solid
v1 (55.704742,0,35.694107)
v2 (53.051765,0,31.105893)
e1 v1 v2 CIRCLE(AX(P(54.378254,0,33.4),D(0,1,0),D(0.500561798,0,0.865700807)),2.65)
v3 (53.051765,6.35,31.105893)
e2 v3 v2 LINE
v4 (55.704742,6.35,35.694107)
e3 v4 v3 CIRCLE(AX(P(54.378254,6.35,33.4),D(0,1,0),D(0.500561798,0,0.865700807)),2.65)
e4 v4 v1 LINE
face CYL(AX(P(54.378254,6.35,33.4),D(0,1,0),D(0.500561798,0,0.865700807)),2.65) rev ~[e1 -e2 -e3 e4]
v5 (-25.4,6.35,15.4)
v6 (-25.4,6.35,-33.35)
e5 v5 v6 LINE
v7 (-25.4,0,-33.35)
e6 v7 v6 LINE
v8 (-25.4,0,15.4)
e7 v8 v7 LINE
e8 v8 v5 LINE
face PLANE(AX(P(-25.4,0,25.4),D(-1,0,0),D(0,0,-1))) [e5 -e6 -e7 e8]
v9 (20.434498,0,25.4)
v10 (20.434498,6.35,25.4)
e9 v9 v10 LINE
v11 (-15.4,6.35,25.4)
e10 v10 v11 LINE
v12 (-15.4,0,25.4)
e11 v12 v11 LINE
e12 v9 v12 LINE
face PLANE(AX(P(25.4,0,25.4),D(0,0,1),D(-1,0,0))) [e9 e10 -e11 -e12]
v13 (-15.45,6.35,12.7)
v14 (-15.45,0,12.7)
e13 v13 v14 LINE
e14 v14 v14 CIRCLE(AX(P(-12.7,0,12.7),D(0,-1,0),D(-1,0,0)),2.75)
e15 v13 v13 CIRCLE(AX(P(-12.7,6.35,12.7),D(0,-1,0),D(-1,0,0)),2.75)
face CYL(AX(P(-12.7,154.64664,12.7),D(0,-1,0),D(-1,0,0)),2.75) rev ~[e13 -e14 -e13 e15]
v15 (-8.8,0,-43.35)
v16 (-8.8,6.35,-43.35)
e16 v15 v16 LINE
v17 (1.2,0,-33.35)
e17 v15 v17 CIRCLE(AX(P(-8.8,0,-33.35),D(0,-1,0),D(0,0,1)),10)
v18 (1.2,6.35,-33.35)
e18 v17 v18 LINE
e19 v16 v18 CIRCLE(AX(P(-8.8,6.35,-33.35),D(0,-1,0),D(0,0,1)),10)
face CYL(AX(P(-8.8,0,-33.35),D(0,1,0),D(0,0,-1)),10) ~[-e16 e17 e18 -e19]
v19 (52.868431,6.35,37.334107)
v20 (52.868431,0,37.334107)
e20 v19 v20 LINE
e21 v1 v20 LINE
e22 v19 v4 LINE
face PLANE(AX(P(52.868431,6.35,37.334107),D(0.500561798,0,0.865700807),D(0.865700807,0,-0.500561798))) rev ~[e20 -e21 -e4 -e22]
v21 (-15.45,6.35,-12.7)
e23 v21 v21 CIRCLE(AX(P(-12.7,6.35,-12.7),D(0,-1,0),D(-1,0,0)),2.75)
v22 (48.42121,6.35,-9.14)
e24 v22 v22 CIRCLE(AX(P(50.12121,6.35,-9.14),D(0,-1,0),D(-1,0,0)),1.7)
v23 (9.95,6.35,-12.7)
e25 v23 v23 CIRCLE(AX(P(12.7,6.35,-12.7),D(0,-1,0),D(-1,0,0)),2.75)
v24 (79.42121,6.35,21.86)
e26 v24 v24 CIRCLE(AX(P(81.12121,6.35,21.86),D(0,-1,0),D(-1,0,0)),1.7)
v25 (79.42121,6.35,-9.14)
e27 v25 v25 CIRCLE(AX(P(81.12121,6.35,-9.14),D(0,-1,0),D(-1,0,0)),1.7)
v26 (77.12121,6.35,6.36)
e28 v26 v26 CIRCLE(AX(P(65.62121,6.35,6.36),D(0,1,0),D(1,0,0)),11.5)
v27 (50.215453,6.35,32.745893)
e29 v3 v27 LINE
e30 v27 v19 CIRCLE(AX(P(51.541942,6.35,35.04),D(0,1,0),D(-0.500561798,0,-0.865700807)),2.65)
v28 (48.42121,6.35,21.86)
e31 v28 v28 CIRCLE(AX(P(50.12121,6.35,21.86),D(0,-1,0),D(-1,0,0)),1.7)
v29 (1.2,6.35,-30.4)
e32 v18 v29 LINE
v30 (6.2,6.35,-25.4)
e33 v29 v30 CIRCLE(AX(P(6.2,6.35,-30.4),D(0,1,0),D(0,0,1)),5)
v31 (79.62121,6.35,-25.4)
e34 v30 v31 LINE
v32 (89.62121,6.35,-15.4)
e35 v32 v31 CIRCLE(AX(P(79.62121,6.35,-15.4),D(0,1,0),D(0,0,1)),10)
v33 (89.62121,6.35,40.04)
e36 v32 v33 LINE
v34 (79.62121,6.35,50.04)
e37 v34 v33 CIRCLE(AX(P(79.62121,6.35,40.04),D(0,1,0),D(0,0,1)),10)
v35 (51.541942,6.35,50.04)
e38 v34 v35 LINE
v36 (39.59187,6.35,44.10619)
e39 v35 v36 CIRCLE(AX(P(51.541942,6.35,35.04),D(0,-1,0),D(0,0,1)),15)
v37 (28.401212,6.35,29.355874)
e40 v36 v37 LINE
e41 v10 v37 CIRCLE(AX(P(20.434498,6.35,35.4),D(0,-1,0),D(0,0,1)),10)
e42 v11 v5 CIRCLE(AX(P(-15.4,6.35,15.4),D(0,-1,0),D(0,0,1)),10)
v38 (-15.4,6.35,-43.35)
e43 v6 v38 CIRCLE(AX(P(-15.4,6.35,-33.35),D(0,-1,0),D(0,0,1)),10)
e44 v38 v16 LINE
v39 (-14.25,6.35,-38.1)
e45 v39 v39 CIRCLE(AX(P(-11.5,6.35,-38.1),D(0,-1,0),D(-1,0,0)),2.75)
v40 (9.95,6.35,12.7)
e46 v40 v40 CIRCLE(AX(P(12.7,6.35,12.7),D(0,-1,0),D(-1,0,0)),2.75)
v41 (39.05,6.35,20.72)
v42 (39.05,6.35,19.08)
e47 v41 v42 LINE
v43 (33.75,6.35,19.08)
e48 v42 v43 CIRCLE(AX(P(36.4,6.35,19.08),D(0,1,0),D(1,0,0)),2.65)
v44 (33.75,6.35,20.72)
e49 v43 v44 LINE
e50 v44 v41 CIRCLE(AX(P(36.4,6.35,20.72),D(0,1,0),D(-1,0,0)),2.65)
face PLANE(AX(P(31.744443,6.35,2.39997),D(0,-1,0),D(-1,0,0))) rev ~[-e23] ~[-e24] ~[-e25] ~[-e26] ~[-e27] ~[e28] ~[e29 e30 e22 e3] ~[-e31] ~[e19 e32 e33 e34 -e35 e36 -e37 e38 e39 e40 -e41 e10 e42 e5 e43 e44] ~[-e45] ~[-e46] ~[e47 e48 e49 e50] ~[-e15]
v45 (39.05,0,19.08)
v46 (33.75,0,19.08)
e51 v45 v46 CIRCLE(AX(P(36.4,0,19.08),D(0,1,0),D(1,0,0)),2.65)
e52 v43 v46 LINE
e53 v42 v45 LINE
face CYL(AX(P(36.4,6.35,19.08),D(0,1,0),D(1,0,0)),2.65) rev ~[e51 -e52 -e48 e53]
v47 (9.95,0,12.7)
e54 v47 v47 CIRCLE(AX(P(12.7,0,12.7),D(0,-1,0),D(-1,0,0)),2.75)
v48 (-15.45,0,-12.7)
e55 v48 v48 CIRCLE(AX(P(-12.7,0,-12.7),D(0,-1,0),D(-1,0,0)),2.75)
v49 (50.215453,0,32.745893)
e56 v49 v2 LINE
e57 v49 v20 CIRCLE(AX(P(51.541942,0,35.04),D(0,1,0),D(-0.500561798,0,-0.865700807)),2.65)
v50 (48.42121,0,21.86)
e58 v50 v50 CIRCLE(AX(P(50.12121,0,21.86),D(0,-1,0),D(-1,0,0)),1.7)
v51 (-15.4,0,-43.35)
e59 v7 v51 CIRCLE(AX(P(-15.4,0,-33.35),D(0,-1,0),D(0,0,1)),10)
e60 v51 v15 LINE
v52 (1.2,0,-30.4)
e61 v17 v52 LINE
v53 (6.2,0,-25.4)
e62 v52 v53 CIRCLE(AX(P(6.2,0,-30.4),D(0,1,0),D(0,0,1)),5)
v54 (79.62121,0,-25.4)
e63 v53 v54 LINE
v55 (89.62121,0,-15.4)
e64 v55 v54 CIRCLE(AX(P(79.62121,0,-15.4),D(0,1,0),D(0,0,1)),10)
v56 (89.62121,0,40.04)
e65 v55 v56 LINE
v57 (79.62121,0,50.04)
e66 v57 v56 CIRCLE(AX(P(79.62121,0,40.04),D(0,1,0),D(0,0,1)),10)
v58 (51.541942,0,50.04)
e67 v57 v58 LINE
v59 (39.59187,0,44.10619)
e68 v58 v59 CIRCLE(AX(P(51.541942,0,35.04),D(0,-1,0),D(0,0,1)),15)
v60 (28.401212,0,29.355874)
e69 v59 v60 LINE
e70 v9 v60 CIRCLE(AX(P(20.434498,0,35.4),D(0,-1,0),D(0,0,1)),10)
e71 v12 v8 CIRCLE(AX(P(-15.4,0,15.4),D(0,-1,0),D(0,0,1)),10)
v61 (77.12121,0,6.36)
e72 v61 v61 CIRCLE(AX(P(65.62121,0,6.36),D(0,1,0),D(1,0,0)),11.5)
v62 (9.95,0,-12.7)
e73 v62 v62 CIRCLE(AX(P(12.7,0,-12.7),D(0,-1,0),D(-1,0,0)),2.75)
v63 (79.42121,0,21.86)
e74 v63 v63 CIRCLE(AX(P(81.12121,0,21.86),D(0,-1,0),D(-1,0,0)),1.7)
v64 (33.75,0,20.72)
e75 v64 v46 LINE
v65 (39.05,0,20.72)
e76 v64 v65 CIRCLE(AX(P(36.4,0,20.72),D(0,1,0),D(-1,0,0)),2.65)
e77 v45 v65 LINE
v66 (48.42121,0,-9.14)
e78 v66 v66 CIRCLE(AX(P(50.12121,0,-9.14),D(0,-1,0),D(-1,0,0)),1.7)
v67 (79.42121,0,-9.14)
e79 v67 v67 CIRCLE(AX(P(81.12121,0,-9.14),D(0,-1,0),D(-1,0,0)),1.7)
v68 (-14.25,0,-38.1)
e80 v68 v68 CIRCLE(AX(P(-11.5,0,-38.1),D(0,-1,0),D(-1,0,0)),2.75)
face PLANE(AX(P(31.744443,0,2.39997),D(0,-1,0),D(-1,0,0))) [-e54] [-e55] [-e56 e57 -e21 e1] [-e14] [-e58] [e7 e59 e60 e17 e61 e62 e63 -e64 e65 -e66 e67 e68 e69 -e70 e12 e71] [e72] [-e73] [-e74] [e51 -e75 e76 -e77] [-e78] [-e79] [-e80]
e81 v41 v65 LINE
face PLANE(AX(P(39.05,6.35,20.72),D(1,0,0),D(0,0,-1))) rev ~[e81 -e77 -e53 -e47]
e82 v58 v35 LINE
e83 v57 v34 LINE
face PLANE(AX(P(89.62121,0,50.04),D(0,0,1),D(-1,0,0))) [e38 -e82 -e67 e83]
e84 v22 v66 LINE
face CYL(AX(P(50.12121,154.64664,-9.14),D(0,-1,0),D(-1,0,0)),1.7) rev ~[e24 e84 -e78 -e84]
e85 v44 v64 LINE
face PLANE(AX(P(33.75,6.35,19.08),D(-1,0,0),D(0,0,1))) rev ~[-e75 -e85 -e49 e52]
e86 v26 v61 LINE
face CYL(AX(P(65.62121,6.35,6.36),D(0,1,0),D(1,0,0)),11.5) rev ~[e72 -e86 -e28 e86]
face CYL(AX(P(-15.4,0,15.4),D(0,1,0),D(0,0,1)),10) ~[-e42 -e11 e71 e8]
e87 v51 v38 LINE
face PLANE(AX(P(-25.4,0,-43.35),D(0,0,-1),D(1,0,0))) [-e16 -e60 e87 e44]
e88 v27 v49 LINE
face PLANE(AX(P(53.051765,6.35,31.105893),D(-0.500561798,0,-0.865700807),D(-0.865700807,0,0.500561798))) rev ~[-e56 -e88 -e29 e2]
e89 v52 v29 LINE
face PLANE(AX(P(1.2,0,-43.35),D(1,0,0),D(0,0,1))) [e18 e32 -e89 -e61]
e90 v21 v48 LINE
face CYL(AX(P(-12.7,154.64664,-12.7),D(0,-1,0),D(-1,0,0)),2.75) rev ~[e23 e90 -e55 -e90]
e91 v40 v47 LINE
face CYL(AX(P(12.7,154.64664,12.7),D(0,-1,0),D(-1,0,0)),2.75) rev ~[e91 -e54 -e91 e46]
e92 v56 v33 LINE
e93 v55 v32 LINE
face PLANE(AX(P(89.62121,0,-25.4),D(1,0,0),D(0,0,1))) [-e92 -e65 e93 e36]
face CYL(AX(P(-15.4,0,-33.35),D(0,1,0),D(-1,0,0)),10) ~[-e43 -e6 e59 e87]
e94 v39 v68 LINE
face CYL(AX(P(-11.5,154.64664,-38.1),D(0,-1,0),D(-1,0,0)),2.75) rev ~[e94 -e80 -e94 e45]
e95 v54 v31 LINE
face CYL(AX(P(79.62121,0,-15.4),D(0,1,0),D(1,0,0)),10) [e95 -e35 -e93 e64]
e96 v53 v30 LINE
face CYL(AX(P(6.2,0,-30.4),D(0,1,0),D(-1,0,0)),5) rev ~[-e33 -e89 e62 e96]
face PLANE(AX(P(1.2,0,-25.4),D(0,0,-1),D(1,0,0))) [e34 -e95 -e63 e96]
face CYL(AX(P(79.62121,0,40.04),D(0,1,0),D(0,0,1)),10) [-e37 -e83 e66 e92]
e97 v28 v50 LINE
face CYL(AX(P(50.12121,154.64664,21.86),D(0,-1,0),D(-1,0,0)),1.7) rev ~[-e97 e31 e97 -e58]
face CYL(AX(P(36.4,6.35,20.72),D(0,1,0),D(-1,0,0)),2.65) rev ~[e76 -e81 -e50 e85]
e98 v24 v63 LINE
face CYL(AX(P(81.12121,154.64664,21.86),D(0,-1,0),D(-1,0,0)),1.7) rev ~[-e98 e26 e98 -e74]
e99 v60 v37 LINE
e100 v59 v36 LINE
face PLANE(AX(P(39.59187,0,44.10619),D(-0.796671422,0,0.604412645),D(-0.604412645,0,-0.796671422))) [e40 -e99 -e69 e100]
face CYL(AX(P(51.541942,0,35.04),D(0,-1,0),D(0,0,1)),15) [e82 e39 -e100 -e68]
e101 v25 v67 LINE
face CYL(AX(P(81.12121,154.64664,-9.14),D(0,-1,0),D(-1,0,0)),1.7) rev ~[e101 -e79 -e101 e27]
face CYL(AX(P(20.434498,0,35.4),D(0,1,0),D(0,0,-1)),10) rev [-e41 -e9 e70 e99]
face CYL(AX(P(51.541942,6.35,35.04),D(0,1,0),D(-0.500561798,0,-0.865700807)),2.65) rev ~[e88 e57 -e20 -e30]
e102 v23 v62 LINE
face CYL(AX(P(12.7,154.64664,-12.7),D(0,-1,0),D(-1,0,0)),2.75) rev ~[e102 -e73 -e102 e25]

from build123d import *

# Parameters (mm, degrees)
BOSS_EXTRUDE1_DEPTH  = 6.35
M5_CLEARANCE_HOLE1_D = 5.5
CUT_EXTRUDE2_DEPTH   = 7.35
FILLET1_R            = 10
M3_CLEARANCE_HOLE1_D = 3.4
SKETCH10_R           = 11.5
CUT_EXTRUDE3_DEPTH   = 7.35
FILLET2_R            = 5


with BuildPart() as part:
    # Sketch1 → Boss-Extrude1 (new body)
    with BuildSketch(Plane(origin=(0, 0, 0), x_dir=(1, 0, 0), z_dir=(0, 1, 0))):
        with BuildLine():
            Line((25.4, -25.4), (-25.4, -25.4))
            Line((-25.4, -25.4), (-25.4, 25.4))
            Line((-25.4, 25.4), (-25.4, 43.35))
            Line((-25.4, 43.35), (1.2, 43.35))
            Line((1.2, 43.35), (1.2, 25.4))
            Line((1.2, 25.4), (25.4, 25.4))
            Line((25.4, 25.4), (89.621209859, 25.4))
            Line((89.621209859, 25.4), (89.621209859, -50.04))
            Line((89.621209859, -50.04), (51.541941751, -50.04))
            ThreePointArc((51.541941751, -50.04), (44.870841587, -48.474895705), (39.591870426, -44.10618968))
            Line((39.591870426, -44.10618968), (25.4, -25.4))
        make_face()
    extrude(amount=BOSS_EXTRUDE1_DEPTH)

    # M5 Clearance Hole1 (through all)
    with Locations(Plane(origin=(0, 6.35, 0), x_dir=(1, 0, 0), z_dir=(0, 1, 0))):
        with Locations((-12.7, 12.7), (12.7, 12.7), (12.7, -12.7), (-12.7, -12.7), (-11.5, 38.1)):
            Hole(M5_CLEARANCE_HOLE1_D / 2)

    # Sketch7 → Cut-Extrude2 (cut, through all)
    with BuildSketch(Plane(origin=(0, 6.35, 0), x_dir=(1, 0, 0), z_dir=(0, 1, 0))):
        with BuildLine():
            Line((53.051764766, -31.105892862), (50.215452987, -32.745892862))
            ThreePointArc((50.215452987, -32.745892862), (49.247834614, -36.366488764), (52.868430515, -37.334107138))
            Line((52.868430515, -37.334107138), (55.704742294, -35.694107138))
            ThreePointArc((55.704742294, -35.694107138), (56.672360668, -32.073511236), (53.051764766, -31.105892862))
        make_face()
        with BuildLine():
            Line((33.75, -19.08), (33.75, -20.72))
            ThreePointArc((33.75, -20.72), (36.4, -23.37), (39.05, -20.72))
            Line((39.05, -20.72), (39.05, -19.08))
            ThreePointArc((39.05, -19.08), (36.4, -16.43), (33.75, -19.08))
        make_face()
    extrude(amount=-CUT_EXTRUDE2_DEPTH, mode=Mode.SUBTRACT)

    # Fillet1
    fillet1_edges = [part.edges().sort_by_distance(p)[0] for p in [
        (-25.4, 3.175, -43.35),
        (1.2, 3.175, -43.35),
        (89.621209859, 3.175, -25.4),
        (89.621209859, 3.175, 50.04),
        (25.4, 3.175, 25.4),
        (-25.4, 3.175, 25.4),
    ]]
    fillet(fillet1_edges, radius=FILLET1_R)

    # M3 Clearance Hole1 (through all)
    with Locations(Plane(origin=(0, 6.35, 0), x_dir=(1, 0, 0), z_dir=(0, 1, 0))):
        with Locations((50.121209859, 9.14), (81.121209859, 9.14), (81.121209859, -21.86), (50.121209859, -21.86)):
            Hole(M3_CLEARANCE_HOLE1_D / 2)

    # Sketch10 → Cut-Extrude3 (cut, through all)
    with BuildSketch(Plane(origin=(0, 6.35, 0), x_dir=(1, 0, 0), z_dir=(0, 1, 0))):
        with Locations((65.621209859, -6.36)):
            Circle(SKETCH10_R)
    extrude(amount=-CUT_EXTRUDE3_DEPTH, mode=Mode.SUBTRACT)

    # Fillet2
    fillet2_edges = [part.edges().sort_by_distance(p)[0] for p in [
        (1.2, 3.175, -25.4),
    ]]
    fillet(fillet2_edges, radius=FILLET2_R)


solid = part.part
